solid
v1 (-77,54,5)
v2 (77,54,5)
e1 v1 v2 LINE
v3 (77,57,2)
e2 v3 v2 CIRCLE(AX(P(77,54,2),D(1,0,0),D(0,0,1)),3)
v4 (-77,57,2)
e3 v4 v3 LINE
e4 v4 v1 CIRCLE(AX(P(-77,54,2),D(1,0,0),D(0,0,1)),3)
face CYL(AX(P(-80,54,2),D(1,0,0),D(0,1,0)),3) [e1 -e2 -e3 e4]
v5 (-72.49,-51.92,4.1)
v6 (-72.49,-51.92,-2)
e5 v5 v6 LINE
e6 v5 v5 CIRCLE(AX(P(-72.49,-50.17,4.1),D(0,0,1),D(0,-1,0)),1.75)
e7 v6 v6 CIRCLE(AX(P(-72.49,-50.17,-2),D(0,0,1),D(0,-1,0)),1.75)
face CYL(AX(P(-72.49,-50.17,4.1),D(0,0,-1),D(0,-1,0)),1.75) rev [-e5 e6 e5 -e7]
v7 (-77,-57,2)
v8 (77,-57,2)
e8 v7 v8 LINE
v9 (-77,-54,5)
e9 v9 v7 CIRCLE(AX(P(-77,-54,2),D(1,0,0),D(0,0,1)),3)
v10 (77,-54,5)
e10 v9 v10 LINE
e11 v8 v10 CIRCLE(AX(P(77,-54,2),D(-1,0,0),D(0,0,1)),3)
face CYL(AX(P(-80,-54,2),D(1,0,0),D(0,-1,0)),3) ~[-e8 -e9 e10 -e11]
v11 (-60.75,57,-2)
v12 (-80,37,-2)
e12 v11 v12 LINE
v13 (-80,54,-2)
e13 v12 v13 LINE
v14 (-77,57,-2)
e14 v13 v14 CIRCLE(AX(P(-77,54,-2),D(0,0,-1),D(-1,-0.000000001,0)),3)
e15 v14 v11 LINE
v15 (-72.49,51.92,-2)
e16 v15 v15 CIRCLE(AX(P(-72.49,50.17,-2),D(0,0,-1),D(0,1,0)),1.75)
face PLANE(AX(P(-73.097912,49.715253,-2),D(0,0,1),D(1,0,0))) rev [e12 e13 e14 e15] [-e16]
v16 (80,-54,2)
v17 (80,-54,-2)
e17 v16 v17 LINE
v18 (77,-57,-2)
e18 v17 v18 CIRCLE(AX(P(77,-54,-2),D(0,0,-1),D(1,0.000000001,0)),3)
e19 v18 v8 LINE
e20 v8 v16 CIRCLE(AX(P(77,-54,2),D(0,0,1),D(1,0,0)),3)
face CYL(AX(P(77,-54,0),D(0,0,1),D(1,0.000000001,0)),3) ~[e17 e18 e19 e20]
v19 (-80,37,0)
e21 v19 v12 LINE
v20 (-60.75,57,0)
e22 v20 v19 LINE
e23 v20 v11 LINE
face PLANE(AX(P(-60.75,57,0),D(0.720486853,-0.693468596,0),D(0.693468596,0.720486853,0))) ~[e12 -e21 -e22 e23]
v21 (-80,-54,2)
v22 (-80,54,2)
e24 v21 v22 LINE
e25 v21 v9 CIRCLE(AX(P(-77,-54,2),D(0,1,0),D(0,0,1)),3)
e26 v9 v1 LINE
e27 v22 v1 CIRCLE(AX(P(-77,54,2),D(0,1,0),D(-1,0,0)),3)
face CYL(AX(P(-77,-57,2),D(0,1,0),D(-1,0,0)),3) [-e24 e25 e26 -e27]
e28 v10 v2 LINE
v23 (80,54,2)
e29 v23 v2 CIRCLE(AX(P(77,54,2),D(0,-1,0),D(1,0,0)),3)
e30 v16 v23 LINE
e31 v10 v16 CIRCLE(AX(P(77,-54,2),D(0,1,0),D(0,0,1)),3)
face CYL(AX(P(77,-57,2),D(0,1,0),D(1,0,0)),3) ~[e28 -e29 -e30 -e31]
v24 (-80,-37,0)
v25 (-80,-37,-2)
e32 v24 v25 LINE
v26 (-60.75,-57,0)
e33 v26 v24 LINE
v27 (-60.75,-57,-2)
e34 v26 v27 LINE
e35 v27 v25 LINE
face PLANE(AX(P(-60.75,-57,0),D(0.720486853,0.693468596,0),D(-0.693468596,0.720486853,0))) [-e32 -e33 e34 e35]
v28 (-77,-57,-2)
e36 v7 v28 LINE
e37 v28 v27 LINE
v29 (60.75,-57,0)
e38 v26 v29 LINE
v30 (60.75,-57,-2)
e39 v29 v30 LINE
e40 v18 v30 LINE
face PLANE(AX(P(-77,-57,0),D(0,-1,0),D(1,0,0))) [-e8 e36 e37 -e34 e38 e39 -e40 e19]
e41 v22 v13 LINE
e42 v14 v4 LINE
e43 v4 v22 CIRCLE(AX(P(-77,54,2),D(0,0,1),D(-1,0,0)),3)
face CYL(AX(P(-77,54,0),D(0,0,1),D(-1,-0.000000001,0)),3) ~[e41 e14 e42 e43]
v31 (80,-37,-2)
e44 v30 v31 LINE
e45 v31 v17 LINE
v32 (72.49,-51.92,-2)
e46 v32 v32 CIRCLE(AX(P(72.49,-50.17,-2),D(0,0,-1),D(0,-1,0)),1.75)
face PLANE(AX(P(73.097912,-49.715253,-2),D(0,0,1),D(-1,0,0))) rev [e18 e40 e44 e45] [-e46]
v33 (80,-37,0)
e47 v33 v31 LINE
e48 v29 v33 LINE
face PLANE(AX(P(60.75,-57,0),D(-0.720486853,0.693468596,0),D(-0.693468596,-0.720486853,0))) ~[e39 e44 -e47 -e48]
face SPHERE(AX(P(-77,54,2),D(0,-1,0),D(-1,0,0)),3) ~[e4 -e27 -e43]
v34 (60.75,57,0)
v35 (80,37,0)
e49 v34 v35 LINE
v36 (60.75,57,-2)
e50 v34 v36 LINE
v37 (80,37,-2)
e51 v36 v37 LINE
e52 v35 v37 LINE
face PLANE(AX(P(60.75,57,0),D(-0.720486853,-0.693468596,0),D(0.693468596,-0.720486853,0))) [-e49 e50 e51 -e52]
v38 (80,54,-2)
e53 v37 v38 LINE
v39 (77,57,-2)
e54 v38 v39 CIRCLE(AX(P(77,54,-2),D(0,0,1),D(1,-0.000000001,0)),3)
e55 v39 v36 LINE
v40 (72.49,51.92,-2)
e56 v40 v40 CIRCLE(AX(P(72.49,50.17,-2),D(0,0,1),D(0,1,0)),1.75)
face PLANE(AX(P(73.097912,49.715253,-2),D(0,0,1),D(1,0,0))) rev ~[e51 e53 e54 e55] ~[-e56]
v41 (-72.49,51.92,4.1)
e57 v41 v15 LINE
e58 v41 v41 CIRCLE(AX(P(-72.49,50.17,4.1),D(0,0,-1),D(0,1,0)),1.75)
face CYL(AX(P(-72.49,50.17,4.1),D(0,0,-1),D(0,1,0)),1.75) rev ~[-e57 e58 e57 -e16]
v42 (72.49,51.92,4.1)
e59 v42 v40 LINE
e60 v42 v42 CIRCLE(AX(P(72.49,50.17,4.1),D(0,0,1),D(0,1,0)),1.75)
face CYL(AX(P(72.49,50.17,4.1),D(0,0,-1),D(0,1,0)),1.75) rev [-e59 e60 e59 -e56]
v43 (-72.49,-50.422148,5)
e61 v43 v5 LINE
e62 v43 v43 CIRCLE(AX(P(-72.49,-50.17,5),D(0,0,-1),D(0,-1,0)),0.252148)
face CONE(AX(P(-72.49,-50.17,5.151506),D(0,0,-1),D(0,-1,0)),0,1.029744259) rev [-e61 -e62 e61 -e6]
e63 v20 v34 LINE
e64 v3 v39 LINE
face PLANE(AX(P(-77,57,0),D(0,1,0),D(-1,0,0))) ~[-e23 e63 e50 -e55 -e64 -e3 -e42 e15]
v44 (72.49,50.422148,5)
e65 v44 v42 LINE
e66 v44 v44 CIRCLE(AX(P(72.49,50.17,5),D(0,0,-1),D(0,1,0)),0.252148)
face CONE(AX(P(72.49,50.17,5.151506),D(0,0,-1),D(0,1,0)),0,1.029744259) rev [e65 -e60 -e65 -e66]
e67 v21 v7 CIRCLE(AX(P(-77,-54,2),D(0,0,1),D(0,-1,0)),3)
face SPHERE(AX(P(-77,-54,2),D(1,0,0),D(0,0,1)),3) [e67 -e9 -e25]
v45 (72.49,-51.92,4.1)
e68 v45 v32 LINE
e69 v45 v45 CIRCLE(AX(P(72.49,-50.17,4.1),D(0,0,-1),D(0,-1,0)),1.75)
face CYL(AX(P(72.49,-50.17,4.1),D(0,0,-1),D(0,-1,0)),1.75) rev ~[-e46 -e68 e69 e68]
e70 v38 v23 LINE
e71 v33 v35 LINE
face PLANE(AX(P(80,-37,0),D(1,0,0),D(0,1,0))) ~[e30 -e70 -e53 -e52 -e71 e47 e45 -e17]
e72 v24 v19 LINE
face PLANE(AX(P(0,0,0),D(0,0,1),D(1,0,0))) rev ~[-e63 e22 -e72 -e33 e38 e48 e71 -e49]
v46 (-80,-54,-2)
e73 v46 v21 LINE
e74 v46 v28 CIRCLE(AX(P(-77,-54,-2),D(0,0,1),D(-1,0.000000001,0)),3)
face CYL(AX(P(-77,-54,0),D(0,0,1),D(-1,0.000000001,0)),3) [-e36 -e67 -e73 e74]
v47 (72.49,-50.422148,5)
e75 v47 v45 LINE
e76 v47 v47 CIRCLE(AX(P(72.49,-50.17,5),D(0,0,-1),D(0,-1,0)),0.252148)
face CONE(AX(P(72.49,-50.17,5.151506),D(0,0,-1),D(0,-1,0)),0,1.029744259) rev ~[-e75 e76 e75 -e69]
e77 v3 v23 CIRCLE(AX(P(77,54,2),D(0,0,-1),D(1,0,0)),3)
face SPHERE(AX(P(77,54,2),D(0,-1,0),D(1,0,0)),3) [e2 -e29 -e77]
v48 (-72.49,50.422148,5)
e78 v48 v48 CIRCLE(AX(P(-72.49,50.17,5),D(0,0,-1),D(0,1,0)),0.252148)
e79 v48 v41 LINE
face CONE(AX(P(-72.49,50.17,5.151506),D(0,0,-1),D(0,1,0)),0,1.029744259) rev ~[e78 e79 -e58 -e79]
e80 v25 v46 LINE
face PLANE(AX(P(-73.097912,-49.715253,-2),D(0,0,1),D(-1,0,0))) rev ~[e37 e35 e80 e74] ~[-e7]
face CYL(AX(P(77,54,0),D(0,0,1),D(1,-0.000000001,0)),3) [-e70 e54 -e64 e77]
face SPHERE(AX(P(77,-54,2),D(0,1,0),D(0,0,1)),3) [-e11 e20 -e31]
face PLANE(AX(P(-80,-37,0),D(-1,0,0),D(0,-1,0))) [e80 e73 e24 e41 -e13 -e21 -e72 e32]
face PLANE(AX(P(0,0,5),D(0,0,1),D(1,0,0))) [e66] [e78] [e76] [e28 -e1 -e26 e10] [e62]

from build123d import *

# Parameters (mm, degrees)
SKETCH2_W                                = 160
SKETCH2_H                                = 114
BOSS_EXTRUDE1_DEPTH                      = 5
FILLET1_R                                = 3
BOSS_EXTRUDE2_DEPTH                      = 2
MIRROR1_AT_THE_SECOND_PLANE_COPY_1_DEPTH = 2


with BuildPart() as part:
    # Sketch2 → Boss-Extrude1 (new body)
    with BuildSketch(Plane.XY):
        Rectangle(SKETCH2_W, SKETCH2_H)
    extrude(amount=BOSS_EXTRUDE1_DEPTH)

    # Fillet1
    fillet1_edges = [part.edges().sort_by_distance(p)[0] for p in [
        (80, 0, 5),
        (0, -57, 5),
        (-80, 0, 5),
        (-80, -57, 2.5),
        (80, -57, 2.5),
        (80, 57, 2.5),
        (-80, 57, 2.5),
        (0, 57, 5),
    ]]
    fillet(fillet1_edges, radius=FILLET1_R)

    # Sketch5 → Boss-Extrude2 (add)
    with BuildSketch(Plane(origin=(0, 0, 0), x_dir=(-1, 0, 0), z_dir=(0, 0, -1))):
        with BuildLine():
            Line((-60.75, 57), (-80, 37))
            Line((-80, 37), (-80, 54))
            ThreePointArc((-80, 54), (-79.121320344, 56.121320344), (-77, 57))
            Line((-77, 57), (-60.75, 57))
        make_face()
    boss_extrude2 = extrude(amount=BOSS_EXTRUDE2_DEPTH)

    # Sketch7 → Ø3.0mm Dowel Hole1 (revolve, cut)
    with BuildSketch(Plane(origin=(72.49, 50.17, -2), x_dir=(0, 1, 0), z_dir=(1, 0, 0))):
        Polygon((0, 0), (0, 7.151506083), (1.75, 6.1), (1.75, 0), align=None)
    f_3_0mm_dowel_hole1 = revolve(axis=Axis((72.49, 50.17, -8.35), (0, 0, 1)), mode=Mode.SUBTRACT)

    # Mirror1: Boss-Extrude2, Ø3.0mm Dowel Hole1 across plane
    add(boss_extrude2.mirror(Plane.ZX))
    add(f_3_0mm_dowel_hole1.mirror(Plane.ZX), mode=Mode.SUBTRACT)

    # Mirror1 at the second plane: Boss-Extrude2, Ø3.0mm Dowel Hole1 across plane
    add(boss_extrude2.mirror(Plane(origin=(0, 0, 0), x_dir=(0, 0, 1), z_dir=(1, 0, 0))))
    add(f_3_0mm_dowel_hole1.mirror(Plane(origin=(0, 0, 0), x_dir=(0, 0, 1), z_dir=(1, 0, 0))), mode=Mode.SUBTRACT)

    # Mirror1 at the second plane copy 1 sketc → Mirror1 at the second plane copy 1 (add)
    with BuildSketch(Plane(origin=(0, 0, 0), x_dir=(1, 0, 0), z_dir=(0, 0, -1))):
        with BuildLine():
            Line((-60.75, 57), (-80, 37))
            Line((-80, 37), (-80, 54))
            ThreePointArc((-80, 54), (-79.121320344, 56.121320344), (-77, 57))
            Line((-77, 57), (-60.75, 57))
        make_face()
    extrude(amount=MIRROR1_AT_THE_SECOND_PLANE_COPY_1_DEPTH)

    # Mirror1 at the second plane copy 2 sketc → Mirror1 at the second plane copy 2 (revolve, cut)
    with BuildSketch(Plane(origin=(-72.49, -50.17, -2), x_dir=(0, -1, 0), z_dir=(-1, 0, 0))):
        Polygon((0, 0), (0, 7.151506083), (1.75, 6.1), (1.75, 0), align=None)
    revolve(axis=Axis((-72.49, -50.17, -8.35), (0, 0, 1)), mode=Mode.SUBTRACT)


solid = part.part
